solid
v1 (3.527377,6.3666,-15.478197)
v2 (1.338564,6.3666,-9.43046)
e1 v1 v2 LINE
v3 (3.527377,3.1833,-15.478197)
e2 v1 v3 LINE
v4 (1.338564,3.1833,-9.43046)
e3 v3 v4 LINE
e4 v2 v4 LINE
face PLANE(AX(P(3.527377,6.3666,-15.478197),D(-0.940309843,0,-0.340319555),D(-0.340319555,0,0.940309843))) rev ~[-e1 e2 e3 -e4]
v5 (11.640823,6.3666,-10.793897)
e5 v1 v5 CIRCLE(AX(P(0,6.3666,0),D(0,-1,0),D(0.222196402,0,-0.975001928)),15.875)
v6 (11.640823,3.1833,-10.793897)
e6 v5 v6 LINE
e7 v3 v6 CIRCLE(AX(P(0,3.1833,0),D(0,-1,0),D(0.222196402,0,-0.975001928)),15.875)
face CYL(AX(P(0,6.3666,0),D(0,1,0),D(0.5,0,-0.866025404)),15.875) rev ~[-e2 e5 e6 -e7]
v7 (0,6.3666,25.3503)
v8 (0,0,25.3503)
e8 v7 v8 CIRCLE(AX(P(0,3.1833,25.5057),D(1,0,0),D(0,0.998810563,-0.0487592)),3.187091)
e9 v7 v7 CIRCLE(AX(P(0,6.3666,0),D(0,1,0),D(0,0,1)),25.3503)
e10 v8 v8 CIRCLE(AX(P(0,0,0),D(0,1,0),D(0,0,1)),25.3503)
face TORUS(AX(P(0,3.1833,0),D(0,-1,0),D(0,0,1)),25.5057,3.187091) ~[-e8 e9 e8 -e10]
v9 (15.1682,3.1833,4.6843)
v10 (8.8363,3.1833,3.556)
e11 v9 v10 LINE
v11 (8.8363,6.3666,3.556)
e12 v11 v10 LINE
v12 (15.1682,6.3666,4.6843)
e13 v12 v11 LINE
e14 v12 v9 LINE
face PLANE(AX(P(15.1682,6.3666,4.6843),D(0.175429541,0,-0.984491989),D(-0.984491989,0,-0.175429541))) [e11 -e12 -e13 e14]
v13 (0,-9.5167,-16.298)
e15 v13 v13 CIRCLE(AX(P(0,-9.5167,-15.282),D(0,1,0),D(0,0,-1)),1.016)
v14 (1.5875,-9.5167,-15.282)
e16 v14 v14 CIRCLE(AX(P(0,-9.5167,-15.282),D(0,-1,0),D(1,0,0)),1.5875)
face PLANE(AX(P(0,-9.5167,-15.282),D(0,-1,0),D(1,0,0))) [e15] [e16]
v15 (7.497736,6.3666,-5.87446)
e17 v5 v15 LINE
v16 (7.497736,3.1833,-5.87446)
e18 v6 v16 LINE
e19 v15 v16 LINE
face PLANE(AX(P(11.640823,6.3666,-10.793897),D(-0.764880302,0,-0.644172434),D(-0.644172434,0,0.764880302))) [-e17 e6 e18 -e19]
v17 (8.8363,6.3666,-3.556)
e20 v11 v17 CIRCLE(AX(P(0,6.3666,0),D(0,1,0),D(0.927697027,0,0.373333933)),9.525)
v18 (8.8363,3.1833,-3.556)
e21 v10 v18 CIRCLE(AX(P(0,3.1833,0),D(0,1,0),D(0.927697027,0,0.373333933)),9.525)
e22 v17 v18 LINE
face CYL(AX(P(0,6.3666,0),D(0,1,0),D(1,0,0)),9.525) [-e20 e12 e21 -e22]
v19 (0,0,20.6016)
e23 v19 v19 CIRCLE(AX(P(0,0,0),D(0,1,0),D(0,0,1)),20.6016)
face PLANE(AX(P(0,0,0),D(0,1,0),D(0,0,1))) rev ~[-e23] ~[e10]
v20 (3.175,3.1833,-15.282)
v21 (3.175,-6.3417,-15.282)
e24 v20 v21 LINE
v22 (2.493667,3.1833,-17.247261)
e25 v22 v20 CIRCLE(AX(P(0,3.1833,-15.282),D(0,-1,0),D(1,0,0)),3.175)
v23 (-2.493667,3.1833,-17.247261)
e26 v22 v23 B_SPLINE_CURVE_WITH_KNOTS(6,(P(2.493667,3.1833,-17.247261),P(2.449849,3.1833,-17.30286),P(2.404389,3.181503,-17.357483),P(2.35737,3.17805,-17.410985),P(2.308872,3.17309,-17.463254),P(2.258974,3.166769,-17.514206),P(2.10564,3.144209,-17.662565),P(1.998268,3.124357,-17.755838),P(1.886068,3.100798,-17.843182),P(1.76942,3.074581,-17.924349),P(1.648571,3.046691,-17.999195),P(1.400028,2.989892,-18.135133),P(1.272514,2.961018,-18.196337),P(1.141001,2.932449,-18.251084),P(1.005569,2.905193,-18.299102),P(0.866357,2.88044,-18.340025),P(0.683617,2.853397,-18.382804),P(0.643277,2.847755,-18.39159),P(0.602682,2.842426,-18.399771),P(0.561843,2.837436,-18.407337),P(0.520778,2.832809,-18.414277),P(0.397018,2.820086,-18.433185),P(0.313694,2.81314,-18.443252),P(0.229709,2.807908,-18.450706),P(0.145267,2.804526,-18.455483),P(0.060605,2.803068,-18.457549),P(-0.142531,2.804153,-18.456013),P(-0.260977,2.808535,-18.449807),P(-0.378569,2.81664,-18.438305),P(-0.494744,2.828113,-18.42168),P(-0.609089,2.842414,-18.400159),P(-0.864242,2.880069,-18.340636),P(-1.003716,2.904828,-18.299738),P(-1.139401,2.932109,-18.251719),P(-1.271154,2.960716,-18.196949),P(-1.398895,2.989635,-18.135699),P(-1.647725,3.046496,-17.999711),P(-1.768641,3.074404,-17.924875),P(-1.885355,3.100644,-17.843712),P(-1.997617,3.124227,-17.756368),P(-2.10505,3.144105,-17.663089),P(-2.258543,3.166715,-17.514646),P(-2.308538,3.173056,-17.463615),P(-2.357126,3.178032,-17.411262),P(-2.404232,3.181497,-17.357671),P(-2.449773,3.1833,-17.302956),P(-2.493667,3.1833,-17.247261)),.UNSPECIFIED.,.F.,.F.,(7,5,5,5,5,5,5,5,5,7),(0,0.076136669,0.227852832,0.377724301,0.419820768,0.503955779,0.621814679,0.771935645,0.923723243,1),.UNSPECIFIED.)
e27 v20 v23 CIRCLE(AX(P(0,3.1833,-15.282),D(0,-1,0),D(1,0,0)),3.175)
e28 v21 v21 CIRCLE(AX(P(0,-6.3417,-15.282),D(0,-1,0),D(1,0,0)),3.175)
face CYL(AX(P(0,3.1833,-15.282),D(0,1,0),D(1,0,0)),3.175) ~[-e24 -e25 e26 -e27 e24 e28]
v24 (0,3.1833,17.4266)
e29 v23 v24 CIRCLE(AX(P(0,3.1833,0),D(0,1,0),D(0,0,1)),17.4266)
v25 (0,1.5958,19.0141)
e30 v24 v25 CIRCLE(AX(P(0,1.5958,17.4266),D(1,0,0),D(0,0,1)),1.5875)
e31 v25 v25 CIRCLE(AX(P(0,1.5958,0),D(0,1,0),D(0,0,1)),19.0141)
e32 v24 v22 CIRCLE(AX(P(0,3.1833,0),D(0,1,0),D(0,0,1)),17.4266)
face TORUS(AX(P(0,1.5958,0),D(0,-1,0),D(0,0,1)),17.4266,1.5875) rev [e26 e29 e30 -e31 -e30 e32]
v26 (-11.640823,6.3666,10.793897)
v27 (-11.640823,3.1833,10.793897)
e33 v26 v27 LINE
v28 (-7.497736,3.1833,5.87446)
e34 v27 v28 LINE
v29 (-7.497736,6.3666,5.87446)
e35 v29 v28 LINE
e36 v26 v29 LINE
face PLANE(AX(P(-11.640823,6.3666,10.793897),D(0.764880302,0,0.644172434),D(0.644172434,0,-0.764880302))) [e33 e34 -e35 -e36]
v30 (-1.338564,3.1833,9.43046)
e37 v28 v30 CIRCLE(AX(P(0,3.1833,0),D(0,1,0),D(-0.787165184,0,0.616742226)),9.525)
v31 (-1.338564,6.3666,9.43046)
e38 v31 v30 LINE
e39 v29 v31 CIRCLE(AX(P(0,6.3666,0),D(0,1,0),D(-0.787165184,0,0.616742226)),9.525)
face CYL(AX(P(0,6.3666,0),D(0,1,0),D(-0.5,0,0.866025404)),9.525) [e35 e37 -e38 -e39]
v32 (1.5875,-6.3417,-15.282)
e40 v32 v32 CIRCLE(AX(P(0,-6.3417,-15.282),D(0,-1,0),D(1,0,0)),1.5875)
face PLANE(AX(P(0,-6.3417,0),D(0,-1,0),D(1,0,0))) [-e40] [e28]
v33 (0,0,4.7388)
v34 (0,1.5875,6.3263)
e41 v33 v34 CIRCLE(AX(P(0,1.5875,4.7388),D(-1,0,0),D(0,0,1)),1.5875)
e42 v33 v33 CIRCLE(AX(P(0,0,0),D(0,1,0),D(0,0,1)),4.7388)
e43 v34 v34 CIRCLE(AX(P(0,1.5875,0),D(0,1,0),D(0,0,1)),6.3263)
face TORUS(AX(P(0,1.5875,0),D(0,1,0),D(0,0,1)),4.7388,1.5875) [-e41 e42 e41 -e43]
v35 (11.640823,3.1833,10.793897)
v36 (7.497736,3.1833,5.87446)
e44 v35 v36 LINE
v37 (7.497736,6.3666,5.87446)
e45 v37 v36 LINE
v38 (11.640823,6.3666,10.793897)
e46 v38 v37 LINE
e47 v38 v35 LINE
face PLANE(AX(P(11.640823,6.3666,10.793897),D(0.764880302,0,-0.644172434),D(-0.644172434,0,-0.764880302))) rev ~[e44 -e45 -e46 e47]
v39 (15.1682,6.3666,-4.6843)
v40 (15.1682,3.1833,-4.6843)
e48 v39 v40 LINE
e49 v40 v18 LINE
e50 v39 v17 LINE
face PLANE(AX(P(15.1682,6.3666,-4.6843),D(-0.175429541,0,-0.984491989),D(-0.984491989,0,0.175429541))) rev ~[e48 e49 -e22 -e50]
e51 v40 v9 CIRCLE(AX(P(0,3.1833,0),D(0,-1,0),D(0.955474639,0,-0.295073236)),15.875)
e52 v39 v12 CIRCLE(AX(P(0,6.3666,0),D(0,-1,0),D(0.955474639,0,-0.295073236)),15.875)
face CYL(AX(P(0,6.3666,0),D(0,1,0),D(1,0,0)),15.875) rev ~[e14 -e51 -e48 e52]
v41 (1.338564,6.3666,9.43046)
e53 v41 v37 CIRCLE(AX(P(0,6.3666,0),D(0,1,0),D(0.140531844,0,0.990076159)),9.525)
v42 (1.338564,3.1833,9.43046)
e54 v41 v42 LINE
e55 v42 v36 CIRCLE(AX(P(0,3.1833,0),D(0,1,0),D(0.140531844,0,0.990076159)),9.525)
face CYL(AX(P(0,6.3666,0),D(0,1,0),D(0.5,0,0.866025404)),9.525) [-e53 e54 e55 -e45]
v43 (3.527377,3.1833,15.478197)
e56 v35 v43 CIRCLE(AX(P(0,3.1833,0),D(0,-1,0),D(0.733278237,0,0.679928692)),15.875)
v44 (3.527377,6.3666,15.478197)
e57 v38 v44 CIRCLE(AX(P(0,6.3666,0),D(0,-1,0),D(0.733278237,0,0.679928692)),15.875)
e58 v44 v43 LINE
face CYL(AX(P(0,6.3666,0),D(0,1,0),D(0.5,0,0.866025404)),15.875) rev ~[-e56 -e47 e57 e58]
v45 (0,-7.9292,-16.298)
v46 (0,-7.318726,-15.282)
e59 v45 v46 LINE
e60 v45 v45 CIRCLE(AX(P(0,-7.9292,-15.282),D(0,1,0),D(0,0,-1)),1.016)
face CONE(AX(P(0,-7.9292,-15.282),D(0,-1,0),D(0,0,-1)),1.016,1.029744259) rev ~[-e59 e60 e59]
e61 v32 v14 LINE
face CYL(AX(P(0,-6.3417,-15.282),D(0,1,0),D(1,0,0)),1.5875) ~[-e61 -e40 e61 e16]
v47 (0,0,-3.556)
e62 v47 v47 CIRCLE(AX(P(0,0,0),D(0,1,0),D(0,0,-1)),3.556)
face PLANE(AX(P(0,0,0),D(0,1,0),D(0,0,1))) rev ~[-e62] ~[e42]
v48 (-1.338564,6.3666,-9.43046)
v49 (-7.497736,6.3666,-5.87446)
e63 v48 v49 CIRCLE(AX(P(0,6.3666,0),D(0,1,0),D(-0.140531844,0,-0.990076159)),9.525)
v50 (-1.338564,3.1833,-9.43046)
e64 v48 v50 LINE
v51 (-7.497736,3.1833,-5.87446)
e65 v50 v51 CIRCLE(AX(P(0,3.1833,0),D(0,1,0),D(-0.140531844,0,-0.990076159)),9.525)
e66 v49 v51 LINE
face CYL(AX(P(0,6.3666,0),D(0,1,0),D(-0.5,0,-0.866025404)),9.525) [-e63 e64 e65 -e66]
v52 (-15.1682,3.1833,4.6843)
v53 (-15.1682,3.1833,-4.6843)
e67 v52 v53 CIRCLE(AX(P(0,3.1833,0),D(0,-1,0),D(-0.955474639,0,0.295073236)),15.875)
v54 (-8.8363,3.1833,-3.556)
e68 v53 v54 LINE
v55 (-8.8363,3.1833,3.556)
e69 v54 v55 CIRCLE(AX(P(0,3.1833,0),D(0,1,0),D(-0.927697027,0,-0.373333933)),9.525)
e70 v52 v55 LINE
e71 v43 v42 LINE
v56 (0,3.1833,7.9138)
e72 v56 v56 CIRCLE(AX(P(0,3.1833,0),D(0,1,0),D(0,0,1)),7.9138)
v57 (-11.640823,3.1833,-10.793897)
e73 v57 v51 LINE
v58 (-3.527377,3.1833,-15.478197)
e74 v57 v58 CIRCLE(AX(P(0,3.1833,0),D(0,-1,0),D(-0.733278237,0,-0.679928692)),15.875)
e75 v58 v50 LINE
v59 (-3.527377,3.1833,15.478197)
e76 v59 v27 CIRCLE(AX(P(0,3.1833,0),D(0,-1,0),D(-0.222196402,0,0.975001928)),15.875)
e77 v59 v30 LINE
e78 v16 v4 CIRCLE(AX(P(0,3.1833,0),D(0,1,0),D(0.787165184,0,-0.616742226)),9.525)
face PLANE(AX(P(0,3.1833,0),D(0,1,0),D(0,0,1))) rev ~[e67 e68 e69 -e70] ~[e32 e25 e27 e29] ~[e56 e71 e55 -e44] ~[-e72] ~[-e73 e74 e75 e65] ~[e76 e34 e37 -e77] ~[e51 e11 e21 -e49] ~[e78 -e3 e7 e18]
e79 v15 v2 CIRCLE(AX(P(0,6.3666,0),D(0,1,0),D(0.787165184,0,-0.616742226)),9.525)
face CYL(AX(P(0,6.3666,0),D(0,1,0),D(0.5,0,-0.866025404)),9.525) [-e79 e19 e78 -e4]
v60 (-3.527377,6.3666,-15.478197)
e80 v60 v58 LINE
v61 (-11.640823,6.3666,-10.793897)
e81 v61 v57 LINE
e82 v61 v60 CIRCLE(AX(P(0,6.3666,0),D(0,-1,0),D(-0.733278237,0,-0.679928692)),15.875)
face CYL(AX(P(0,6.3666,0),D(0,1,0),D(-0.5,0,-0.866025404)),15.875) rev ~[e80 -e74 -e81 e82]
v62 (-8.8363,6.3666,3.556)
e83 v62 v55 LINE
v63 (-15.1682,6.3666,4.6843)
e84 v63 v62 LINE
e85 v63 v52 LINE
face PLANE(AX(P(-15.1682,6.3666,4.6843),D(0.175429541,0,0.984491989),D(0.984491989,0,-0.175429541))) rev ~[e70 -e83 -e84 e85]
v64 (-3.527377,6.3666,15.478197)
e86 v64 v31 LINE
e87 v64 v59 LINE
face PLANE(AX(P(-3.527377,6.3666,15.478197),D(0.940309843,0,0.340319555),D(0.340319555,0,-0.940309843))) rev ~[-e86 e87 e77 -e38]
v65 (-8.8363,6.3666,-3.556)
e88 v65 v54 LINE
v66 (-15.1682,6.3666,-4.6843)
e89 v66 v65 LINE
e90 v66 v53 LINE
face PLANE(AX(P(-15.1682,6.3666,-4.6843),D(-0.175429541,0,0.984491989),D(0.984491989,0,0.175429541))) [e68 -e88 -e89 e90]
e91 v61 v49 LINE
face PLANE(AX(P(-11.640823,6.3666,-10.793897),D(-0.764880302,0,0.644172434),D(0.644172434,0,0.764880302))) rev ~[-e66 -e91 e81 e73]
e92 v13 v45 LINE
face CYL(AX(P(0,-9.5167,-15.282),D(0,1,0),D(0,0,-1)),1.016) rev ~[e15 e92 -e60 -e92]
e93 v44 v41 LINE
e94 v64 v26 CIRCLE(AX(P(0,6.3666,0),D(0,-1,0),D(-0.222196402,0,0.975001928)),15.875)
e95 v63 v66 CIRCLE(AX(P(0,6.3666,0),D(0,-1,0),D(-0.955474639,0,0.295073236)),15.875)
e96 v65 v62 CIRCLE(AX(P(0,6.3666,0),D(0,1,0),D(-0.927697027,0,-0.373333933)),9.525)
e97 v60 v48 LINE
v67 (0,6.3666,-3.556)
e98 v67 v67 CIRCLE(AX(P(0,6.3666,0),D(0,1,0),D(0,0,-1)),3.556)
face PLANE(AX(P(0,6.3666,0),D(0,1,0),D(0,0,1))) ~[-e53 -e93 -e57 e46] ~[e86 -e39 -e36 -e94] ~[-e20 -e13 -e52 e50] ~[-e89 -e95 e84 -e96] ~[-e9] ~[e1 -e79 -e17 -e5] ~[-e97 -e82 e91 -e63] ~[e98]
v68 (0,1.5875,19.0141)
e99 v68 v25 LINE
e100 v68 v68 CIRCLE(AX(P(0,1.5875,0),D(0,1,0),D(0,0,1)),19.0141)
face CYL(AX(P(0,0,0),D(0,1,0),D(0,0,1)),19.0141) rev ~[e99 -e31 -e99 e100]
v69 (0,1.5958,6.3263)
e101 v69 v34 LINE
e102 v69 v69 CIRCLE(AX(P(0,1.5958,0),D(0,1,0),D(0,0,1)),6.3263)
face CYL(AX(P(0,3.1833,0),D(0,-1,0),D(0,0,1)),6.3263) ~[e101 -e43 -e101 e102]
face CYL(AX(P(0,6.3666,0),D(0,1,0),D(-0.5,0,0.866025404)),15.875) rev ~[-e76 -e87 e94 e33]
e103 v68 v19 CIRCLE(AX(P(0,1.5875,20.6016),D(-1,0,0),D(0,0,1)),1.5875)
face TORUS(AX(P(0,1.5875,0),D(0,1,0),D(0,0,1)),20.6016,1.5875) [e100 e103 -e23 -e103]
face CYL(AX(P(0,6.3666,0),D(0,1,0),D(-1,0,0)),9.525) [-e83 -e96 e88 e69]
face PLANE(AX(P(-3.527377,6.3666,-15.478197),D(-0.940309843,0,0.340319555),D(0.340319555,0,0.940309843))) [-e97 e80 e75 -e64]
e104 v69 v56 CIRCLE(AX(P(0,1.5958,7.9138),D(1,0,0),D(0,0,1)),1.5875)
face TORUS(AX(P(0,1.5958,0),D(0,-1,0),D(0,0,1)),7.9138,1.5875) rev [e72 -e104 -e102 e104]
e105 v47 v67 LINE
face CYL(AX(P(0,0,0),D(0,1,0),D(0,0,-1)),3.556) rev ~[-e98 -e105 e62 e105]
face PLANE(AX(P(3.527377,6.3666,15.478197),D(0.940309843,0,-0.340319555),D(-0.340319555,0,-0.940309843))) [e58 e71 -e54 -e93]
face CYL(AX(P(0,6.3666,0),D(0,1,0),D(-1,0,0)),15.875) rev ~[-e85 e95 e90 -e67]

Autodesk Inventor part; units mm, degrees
ref_plane "YZ Plane" through (0, 0, 0) normal (1, 0, 0) x (0, 1, 0)
ref_plane "XZ Plane" through (0, 0, 0) normal (0, 1, 0) x (-1, 0, 0)
ref_plane "XY Plane" through (0, 0, 0) normal (0, 0, 1) x (1, 0, 0)
sketch "Sketch1" plane through (0, 0, 0) normal (1, 0, 0) x (0, 1, 0)
  line L0 (0, 0) -> (6.3666, 0)
  line L1 (6.3666, 0) -> (6.3666, 25.3503)
  arc A0 (6.3666, 25.3503) -> (0, 25.3503) centre (3.1833, 25.5057) ccw
  line L2 (0, 25.3503) -> (0, 19.0141)
  line L3 (0, 19.0141) -> (3.1833, 19.0141)
  line L4 (3.1833, 19.0141) -> (3.1833, 6.3263)
  line L5 (3.1833, 6.3263) -> (0, 6.3263)
  line L6 (0, 6.3263) -> (0, 0)
revolve "Revolution1" add sketch "Sketch1" angle 360 about axis through (0, 0, 0) along (0, 1, 0)
fillet "Fillet1" radius 1.5875 4 edges at (0, 0, -19.0141) (0, 3.1833, -19.0141) (0, 0, -6.3263) (0, 3.1833, -6.3263)
sketch "Sketch2" plane through (0, 0, 0) normal (0, -1, 0) x (1, 0, 0)
  point P0 (0, 0)
hole "Hole1" at (0, 0, 0) direction (0, 1, 0) diameter 7.112 end through all
sketch "Sketch3" plane through (0, 6.3666, 0) normal (0, 1, 0) x (1, 0, 0)
  circle A0 centre (0, 0) radius 3.556 projected
  circle A1 centre (0, 0) radius 9.525
  circle A2 centre (0, 0) radius 15.875
  line L0 (15.1682, 4.6843) -> (8.8363, 3.556)
  line L1 (15.1682, -4.6843) -> (8.8363, -3.556)
  line L2 (-3.556, 15.4716) -> (-2.4397, 9.2072)
  line L3 (3.556, 15.4716) -> (2.4397, 9.2072)
  dimension "d9" = 19.05
  dimension "d10" = 31.75
extrude "Extrusion1" cut sketch "Sketch3" against normal blind 11.9126 contours A1 L0 A2 L1
pattern_circular "Circular Pattern1" count 6 over 360 about axis through (0, 81.4055, 0) along (0, -1, 0) of "Extrusion1"
sketch "Sketch4" plane through (0, 3.1833, 0) normal (0, -1, 0) x (1, 0, 0)
  circle A0 centre (0, -15.282) radius 3.175
  point P0 (0, 0)
  dimension "d16" = 6.35
extrude "Extrusion2" add sketch "Sketch4" along normal blind 9.525
sketch "Sketch5" plane through (0, -6.3417, -15.282) normal (0, -1, 0) x (1, 0, 0)
  circle A0 centre (0, 0) radius 1.5875
  point P0 (0, 15.282)
  dimension "d19" = 3.175
extrude "Extrusion3" add sketch "Sketch5" along normal blind 3.175
sketch "Sketch6" plane through (0, -9.5167, -15.282) normal (0, -1, 0) x (1, 0, 0)
  point P0 (0, 15.282)
  point P1 (0, 0)
hole "Hole2" at (0, -9.5167, -15.282) direction (0, 1, 0) diameter 2.032 depth 1.5875 tip angle 118
properties part number "train wheel."
